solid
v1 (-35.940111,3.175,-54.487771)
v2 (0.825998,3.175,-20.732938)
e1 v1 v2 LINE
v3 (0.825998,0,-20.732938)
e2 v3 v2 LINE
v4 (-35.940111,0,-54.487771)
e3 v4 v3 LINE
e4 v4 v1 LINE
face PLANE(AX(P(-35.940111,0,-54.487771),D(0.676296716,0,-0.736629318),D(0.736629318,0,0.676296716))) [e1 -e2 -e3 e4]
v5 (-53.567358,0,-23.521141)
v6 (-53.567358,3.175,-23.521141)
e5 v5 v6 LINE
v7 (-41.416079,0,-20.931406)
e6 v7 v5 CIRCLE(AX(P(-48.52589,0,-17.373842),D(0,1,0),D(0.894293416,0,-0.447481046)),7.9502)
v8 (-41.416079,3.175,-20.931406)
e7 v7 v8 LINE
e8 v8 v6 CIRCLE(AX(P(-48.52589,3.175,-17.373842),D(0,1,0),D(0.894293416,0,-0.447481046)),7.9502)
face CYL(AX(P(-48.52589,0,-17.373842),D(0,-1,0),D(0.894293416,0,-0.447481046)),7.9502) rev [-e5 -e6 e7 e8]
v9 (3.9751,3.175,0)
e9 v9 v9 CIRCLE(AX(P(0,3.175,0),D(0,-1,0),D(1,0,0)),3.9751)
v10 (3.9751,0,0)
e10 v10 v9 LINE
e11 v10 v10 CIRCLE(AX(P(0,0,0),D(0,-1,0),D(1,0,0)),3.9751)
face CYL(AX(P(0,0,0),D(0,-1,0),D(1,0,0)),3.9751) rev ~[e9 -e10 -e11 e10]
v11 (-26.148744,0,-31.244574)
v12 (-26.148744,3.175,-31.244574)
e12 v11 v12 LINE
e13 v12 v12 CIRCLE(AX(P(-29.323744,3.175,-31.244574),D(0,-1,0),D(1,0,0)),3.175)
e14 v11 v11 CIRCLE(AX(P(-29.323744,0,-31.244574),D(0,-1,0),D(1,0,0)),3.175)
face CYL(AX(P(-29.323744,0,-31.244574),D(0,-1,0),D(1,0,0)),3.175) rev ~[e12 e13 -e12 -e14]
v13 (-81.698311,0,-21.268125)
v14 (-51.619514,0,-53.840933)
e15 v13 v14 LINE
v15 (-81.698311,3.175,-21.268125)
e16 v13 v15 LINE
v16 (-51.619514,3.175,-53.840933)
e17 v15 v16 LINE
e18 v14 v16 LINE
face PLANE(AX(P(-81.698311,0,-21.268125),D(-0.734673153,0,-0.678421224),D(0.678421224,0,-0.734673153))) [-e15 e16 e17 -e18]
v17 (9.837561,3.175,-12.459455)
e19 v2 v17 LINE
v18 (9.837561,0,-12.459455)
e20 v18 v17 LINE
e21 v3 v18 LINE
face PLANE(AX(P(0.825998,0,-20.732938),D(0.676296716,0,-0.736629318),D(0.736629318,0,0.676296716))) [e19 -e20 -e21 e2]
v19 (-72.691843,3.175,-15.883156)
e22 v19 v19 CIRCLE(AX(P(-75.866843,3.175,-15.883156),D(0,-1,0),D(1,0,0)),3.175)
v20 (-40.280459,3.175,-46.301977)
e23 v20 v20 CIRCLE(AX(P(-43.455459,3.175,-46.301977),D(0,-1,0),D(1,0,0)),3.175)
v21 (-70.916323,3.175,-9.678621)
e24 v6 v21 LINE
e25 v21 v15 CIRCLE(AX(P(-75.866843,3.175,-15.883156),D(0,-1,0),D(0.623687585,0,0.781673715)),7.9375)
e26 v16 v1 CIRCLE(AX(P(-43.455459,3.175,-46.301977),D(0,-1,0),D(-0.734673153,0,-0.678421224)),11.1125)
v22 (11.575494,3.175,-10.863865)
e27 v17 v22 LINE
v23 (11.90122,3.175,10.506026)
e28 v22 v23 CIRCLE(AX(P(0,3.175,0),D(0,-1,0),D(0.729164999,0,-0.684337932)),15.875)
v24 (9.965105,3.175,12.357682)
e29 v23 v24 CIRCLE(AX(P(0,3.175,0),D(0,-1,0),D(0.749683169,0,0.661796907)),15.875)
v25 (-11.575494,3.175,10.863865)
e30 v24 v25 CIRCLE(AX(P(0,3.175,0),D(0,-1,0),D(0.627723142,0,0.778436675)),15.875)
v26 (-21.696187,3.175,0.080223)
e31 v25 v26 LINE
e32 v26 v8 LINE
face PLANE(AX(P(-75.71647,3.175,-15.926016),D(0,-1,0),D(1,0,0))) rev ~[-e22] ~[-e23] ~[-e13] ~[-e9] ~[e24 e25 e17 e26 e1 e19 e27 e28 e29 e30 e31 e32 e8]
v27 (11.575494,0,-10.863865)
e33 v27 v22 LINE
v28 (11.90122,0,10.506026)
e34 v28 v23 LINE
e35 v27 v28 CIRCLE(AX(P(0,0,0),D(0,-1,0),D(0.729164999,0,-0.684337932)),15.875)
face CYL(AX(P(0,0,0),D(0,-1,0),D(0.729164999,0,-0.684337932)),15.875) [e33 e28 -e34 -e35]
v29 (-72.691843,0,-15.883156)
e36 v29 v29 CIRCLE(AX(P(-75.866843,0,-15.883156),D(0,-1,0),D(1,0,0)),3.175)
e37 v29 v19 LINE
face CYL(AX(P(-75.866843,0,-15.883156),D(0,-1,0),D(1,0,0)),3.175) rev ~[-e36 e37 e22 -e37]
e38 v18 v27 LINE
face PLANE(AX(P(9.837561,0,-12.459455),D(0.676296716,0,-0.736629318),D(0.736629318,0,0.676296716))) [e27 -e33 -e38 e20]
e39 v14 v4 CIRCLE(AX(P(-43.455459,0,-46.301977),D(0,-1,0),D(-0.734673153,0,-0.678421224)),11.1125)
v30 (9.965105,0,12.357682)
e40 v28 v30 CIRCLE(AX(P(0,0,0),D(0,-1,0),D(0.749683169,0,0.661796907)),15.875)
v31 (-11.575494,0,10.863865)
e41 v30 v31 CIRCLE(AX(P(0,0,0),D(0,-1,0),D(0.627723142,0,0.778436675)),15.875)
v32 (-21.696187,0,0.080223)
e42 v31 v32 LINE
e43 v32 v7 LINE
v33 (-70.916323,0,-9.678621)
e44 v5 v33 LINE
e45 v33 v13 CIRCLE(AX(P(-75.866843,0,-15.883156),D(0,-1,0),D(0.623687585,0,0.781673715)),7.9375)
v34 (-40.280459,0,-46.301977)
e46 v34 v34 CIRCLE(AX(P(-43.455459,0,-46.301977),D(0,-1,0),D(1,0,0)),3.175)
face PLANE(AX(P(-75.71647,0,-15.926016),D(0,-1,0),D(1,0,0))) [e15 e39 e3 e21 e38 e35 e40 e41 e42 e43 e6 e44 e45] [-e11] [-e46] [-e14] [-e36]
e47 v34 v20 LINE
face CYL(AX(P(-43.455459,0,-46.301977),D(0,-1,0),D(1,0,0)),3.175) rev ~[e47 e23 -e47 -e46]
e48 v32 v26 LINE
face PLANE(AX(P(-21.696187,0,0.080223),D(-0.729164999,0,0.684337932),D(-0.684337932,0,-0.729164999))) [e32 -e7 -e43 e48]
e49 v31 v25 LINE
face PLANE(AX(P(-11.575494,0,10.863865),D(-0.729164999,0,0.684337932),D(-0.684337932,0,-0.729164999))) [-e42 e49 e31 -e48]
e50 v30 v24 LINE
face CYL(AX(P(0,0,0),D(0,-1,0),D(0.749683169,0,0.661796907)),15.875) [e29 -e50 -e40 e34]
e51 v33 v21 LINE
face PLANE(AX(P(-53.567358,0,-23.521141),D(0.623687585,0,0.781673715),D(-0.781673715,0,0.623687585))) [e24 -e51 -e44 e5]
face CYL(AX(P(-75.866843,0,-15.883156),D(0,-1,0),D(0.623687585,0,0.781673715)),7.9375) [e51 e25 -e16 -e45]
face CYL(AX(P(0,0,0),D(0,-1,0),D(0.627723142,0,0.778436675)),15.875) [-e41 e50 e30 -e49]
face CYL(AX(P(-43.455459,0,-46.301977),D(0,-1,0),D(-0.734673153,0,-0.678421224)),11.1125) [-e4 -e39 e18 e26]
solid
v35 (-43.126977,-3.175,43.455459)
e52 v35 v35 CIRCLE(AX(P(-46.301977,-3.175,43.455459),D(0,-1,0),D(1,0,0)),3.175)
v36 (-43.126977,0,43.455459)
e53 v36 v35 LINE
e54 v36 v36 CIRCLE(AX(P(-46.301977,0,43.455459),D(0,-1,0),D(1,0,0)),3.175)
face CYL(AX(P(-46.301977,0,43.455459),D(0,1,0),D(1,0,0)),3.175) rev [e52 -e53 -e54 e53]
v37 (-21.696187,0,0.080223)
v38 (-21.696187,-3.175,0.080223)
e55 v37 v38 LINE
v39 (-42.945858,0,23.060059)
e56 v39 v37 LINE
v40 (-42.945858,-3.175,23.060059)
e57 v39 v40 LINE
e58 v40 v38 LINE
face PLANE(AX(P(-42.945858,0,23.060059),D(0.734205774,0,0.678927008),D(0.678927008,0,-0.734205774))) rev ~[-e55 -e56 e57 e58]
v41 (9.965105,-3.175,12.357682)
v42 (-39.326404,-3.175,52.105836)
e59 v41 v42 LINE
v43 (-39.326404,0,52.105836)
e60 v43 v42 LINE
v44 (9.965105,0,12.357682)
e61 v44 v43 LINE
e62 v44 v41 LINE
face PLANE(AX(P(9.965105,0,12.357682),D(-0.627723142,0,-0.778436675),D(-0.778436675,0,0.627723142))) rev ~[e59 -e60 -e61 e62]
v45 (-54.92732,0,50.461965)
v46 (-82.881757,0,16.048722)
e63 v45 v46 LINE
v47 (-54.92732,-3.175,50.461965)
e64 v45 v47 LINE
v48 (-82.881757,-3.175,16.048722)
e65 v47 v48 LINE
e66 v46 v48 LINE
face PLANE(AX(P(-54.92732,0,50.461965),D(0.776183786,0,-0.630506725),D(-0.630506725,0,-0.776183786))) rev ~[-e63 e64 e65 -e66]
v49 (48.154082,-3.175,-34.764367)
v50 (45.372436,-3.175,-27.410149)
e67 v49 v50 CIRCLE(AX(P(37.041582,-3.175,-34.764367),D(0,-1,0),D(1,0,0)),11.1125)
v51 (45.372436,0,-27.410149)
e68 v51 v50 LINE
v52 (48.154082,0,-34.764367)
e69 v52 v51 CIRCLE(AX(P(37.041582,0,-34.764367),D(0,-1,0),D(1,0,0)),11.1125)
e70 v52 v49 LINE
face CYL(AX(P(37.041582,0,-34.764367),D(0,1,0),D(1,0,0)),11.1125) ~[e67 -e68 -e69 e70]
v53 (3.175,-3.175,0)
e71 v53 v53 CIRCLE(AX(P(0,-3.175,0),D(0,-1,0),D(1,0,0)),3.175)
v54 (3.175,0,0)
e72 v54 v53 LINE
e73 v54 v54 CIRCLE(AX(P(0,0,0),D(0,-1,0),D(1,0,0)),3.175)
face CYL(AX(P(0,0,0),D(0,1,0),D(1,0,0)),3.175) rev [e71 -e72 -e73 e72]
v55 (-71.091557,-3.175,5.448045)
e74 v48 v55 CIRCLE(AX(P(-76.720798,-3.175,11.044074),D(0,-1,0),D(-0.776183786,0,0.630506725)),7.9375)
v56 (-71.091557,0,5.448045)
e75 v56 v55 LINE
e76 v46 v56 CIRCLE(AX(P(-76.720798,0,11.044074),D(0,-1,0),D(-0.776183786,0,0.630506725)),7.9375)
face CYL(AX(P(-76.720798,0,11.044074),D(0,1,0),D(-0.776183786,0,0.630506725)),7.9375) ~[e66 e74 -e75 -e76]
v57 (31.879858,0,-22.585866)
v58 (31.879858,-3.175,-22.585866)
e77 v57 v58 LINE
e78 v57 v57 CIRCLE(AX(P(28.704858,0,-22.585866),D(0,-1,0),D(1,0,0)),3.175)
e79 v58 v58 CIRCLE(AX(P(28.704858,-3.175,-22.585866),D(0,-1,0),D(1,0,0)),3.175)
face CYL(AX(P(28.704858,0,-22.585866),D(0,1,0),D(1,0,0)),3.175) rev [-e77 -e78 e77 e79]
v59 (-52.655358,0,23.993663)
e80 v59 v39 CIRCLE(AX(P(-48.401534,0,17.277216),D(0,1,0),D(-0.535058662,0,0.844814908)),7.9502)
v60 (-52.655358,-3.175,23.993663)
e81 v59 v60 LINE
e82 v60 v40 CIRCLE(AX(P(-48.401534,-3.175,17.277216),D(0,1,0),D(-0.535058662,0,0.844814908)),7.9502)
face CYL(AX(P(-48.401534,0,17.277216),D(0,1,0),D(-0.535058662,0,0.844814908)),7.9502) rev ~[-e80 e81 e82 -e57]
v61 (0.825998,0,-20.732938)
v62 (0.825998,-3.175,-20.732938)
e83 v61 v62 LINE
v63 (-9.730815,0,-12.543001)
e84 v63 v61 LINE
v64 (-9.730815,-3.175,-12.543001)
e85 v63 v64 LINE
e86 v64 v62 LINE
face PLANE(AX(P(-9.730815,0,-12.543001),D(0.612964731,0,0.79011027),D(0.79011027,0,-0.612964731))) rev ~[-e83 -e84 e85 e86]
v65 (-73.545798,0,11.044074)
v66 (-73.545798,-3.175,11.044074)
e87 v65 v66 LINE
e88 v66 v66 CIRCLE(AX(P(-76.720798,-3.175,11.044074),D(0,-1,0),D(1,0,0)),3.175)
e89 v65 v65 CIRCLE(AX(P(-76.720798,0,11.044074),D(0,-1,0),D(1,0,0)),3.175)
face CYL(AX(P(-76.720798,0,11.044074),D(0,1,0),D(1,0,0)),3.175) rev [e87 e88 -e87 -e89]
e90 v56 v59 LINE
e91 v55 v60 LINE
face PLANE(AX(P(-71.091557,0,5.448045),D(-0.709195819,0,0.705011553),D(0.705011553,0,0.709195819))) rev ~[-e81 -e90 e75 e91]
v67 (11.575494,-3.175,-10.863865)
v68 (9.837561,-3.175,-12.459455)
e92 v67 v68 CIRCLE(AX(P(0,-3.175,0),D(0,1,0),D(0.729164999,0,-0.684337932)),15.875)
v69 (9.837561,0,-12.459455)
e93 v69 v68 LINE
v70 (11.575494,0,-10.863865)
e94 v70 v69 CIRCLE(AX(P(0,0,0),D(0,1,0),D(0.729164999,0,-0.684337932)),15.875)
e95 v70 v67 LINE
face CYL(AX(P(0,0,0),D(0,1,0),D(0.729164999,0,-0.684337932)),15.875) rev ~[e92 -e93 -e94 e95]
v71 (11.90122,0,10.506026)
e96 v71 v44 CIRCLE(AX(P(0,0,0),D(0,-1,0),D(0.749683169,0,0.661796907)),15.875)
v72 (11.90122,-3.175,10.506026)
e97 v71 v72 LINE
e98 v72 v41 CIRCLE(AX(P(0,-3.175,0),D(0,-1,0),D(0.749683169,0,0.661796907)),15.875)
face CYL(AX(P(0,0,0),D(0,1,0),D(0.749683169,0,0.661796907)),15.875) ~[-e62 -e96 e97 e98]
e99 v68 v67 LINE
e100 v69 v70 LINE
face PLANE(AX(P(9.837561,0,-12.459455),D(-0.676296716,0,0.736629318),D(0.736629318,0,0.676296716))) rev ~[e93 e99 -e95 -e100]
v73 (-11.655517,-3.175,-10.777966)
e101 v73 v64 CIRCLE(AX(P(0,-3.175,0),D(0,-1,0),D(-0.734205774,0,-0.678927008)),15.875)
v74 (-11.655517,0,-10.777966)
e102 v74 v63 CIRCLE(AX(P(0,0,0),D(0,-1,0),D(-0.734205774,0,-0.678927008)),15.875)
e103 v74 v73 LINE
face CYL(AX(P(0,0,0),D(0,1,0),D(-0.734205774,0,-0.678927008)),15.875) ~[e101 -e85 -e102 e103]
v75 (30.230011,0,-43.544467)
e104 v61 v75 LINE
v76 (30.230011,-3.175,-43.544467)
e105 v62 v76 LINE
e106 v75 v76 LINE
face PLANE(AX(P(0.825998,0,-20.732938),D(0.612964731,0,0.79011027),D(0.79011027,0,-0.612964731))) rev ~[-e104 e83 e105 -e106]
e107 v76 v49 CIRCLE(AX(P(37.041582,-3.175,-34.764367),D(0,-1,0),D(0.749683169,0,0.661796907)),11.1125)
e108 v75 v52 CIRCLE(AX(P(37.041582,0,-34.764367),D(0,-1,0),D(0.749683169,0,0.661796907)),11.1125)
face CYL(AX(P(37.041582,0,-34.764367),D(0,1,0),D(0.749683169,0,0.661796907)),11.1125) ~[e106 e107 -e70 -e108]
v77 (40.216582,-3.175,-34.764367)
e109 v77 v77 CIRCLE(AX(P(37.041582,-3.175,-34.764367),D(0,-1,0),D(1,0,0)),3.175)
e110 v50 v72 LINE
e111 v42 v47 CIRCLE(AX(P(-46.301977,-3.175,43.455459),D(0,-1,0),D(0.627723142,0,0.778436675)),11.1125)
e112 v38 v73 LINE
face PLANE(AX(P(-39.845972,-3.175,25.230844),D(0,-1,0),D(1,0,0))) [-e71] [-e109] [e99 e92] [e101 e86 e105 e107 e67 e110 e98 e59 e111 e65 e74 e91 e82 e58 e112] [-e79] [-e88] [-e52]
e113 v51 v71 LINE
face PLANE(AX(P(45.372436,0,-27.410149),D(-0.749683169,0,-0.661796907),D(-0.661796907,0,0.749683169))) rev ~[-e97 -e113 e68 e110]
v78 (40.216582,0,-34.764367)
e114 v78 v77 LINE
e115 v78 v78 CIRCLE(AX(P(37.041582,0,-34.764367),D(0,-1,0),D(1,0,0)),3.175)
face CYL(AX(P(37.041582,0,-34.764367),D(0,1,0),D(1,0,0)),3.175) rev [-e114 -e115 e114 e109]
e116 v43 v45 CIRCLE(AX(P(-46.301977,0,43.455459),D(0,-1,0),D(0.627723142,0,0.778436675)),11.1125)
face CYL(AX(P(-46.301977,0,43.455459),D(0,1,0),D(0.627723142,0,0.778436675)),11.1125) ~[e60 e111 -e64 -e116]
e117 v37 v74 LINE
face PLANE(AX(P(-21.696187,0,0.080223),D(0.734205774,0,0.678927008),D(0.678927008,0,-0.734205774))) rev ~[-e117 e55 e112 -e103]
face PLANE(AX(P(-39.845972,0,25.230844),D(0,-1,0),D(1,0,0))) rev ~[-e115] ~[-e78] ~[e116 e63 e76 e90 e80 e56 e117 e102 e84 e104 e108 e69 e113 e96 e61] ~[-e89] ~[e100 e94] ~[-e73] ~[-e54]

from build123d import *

# Parameters (mm, degrees)
F0_R     = 3.175
F0_R_2   = 3.9751
F1_DEPTH = 3.175
F2_DEPTH = 3.175


with BuildPart() as f1:
    # F0 (on Front) → F1 (new body)
    with BuildSketch(Plane.XZ):
        with BuildLine():
            ThreePointArc((-11.5754943551, 10.8638646639), (-1.0982765069, 15.8369635257), (9.9651048792, 12.3576822158))
            Line((9.9651048792, 12.3576822158), (-39.326404005, 52.1058362066))
            ThreePointArc((-39.326404005, 52.1058362066), (-36.2769159286, 48.2498093243), (-35.1894774204, 43.4554586555))
            ThreePointArc((-35.1894774204, 43.4554586555), (-50.0194052734, 32.9831911642), (-54.9273197436, 50.4619646362))
            Line((-54.9273197436, 50.4619646362), (-82.8817572815, 16.0487215903))
            ThreePointArc((-82.8817572815, 16.0487215903), (-74.06549287, 18.5242655264), (-68.7832984793, 11.0440744612))
            ThreePointArc((-68.7832984793, 11.0440744612), (-69.3830190753, 8.0173766453), (-71.0915566635, 5.4480452592))
            Line((-71.0915566635, 5.4480452592), (-52.6553578675, 23.9936634898))
            ThreePointArc((-52.6553578675, 23.9936634898), (-47.6406028735, 25.190916986), (-42.9458580911, 23.0600591749))
            Line((-42.9458580911, 23.0600591749), (-21.6961869906, 0.0802232898))
            Line((-21.6961869906, 0.0802232898), (-11.5754943551, 10.8638646639))
        make_face()
        with BuildLine():
            ThreePointArc((-68.7832984793, 11.0440744612), (-74.06549287, 18.5242655264), (-82.8817572815, 16.0487215903))
            ThreePointArc((-82.8817572815, 16.0487215903), (-82.0278000251, 5.1415630599), (-71.0915566635, 5.4480452592))
            ThreePointArc((-71.0915566635, 5.4480452592), (-69.3830190753, 8.0173766453), (-68.7832984793, 11.0440744612))
        make_face()
        with Locations((-76.7207984793, 11.0440744612)):
            Circle(F0_R, mode=Mode.SUBTRACT)
        with BuildLine():
            ThreePointArc((-35.1894774204, 43.4554586555), (-36.2769159286, 48.2498093243), (-39.326404005, 52.1058362066))
            ThreePointArc((-39.326404005, 52.1058362066), (-47.4664570455, 54.5067772851), (-54.9273197436, 50.4619646362))
            ThreePointArc((-54.9273197436, 50.4619646362), (-50.0194052734, 32.9831911642), (-35.1894774204, 43.4554586555))
        make_face()
        with Locations((-46.3019774204, 43.4554586555)):
            Circle(F0_R, mode=Mode.SUBTRACT)
        with BuildLine():
            ThreePointArc((11.5754943551, -10.8638646639), (14.7610399005, -5.8418598114), (15.875, 0))
            ThreePointArc((15.875, 0), (14.8483584497, 5.6162154828), (11.9012203024, 10.5060259049))
            ThreePointArc((11.9012203024, 10.5060259049), (10.9722924683, 11.4727687587), (9.9651048792, 12.3576822158))
            ThreePointArc((9.9651048792, 12.3576822158), (-1.0982765069, 15.8369635257), (-11.5754943551, 10.8638646639))
            ThreePointArc((-11.5754943551, 10.8638646639), (-15.8748914791, 0.0586986101), (-11.6555166592, -10.7779662463))
            ThreePointArc((-11.6555166592, -10.7779662463), (-10.7295215713, -11.7001278562), (-9.7308151108, -12.5430005293))
            ThreePointArc((-9.7308151108, -12.5430005293), (0.0677764348, -15.8748553176), (9.8375611099, -12.4594549002))
            Line((9.8375611099, -12.4594549002), (11.5754943551, -10.8638646639))
        make_face()
        Circle(F0_R_2, mode=Mode.SUBTRACT)
        with BuildLine():
            ThreePointArc((11.9012203024, 10.5060259049), (14.8483584497, 5.6162154828), (15.875, 0))
            ThreePointArc((15.875, 0), (14.7610399005, -5.8418598114), (11.5754943551, -10.8638646639))
            ThreePointArc((11.5754943551, -10.8638646639), (10.7362103713, -11.6939904166), (9.8375611099, -12.4594549002))
            Line((9.8375611099, -12.4594549002), (0.8259979581, -20.7329384866))
            Line((0.8259979581, -20.7329384866), (30.2300113588, -43.5444672949))
            ThreePointArc((30.2300113588, -43.5444672949), (28.9387358878, -27.1596616597), (45.372436148, -27.410148791))
            Line((45.372436148, -27.410148791), (11.9012203024, 10.5060259049))
        make_face()
        with Locations((28.7048580711, -22.5858663362)):
            Circle(F0_R, mode=Mode.SUBTRACT)
        with BuildLine():
            ThreePointArc((-11.6555166592, -10.7779662463), (-15.8748914791, 0.0586986101), (-11.5754943551, 10.8638646639))
            Line((-11.5754943551, 10.8638646639), (-21.6961869906, 0.0802232898))
            Line((-21.6961869906, 0.0802232898), (-11.6555166592, -10.7779662463))
        make_face()
        with BuildLine():
            Line((0.8259979581, -20.7329384866), (9.8375611099, -12.4594549002))
            ThreePointArc((9.8375611099, -12.4594549002), (0.0677764348, -15.8748553176), (-9.7308151108, -12.5430005293))
            Line((-9.7308151108, -12.5430005293), (0.8259979581, -20.7329384866))
        make_face()
        with BuildLine():
            ThreePointArc((48.1540819363, -34.7643669244), (47.4354328511, -30.8330160864), (45.372436148, -27.410148791))
            ThreePointArc((45.372436148, -27.410148791), (28.9387358878, -27.1596616597), (30.2300113588, -43.5444672949))
            ThreePointArc((30.2300113588, -43.5444672949), (41.9300417248, -44.7438767894), (48.1540819363, -34.7643669244))
        make_face()
        with Locations((37.0415819363, -34.7643669244)):
            Circle(F0_R, mode=Mode.SUBTRACT)
        Circle(F0_R_2)
        Circle(F0_R, mode=Mode.SUBTRACT)
    extrude(amount=F1_DEPTH)


with BuildPart() as f2:
    # F0 (on Front) → F2 (new body)
    with BuildSketch(Plane.XZ):
        with BuildLine():
            ThreePointArc((-70.9163226468, -9.6786212484), (-81.6783113083, -10.4766102732), (-81.6983110042, -21.2681248307))
            ThreePointArc((-81.6983110042, -21.2681248307), (-72.9757679827, -23.275422074), (-67.9293428498, -15.8831563616))
            ThreePointArc((-67.9293428498, -15.8831563616), (-68.7149668595, -12.4401088642), (-70.9163226468, -9.6786212484))
        make_face()
        with Locations((-75.8668428498, -15.8831563616)):
            Circle(F0_R, mode=Mode.SUBTRACT)
        with BuildLine():
            Line((0.8259979581, -20.7329384866), (-9.7308151108, -12.5430005293))
            ThreePointArc((-9.7308151108, -12.5430005293), (-10.7295215713, -11.7001278562), (-11.6555166592, -10.7779662463))
            Line((-11.6555166592, -10.7779662463), (-21.6961869906, 0.0802232898))
            Line((-21.6961869906, 0.0802232898), (-41.4160788059, -20.9314059466))
            ThreePointArc((-41.4160788059, -20.9314059466), (-46.8687263303, -25.1494120561), (-53.5673584849, -23.5211406344))
            Line((-53.5673584849, -23.5211406344), (-70.9163226468, -9.6786212484))
            ThreePointArc((-70.9163226468, -9.6786212484), (-68.7149668595, -12.4401088642), (-67.9293428498, -15.8831563616))
            ThreePointArc((-67.9293428498, -15.8831563616), (-72.9757679827, -23.275422074), (-81.6983110042, -21.2681248307))
            Line((-81.6983110042, -21.2681248307), (-51.6195140717, -53.8409332772))
            ThreePointArc((-51.6195140717, -53.8409332772), (-47.5029634694, -35.952805423), (-32.3429586555, -46.3019774204))
            ThreePointArc((-32.3429586555, -46.3019774204), (-33.2819156965, -50.7726238963), (-35.9401113956, -54.487770712))
            Line((-35.9401113956, -54.487770712), (0.8259979581, -20.7329384866))
        make_face()
        with Locations((-29.3237435007, -31.2445743633)):
            Circle(F0_R, mode=Mode.SUBTRACT)
        with BuildLine():
            ThreePointArc((-51.6195140717, -53.8409332772), (-43.9135036694, -57.4050333518), (-35.9401113956, -54.487770712))
            ThreePointArc((-35.9401113956, -54.487770712), (-33.2819156965, -50.7726238963), (-32.3429586555, -46.3019774204))
            ThreePointArc((-32.3429586555, -46.3019774204), (-47.5029634694, -35.952805423), (-51.6195140717, -53.8409332772))
        make_face()
        with Locations((-43.4554586555, -46.3019774204)):
            Circle(F0_R, mode=Mode.SUBTRACT)
        with BuildLine():
            ThreePointArc((11.5754943551, -10.8638646639), (14.7610399005, -5.8418598114), (15.875, 0))
            ThreePointArc((15.875, 0), (14.8483584497, 5.6162154828), (11.9012203024, 10.5060259049))
            ThreePointArc((11.9012203024, 10.5060259049), (10.9722924683, 11.4727687587), (9.9651048792, 12.3576822158))
            ThreePointArc((9.9651048792, 12.3576822158), (-1.0982765069, 15.8369635257), (-11.5754943551, 10.8638646639))
            ThreePointArc((-11.5754943551, 10.8638646639), (-15.8748914791, 0.0586986101), (-11.6555166592, -10.7779662463))
            ThreePointArc((-11.6555166592, -10.7779662463), (-10.7295215713, -11.7001278562), (-9.7308151108, -12.5430005293))
            ThreePointArc((-9.7308151108, -12.5430005293), (0.0677764348, -15.8748553176), (9.8375611099, -12.4594549002))
            Line((9.8375611099, -12.4594549002), (11.5754943551, -10.8638646639))
        make_face()
        Circle(F0_R_2, mode=Mode.SUBTRACT)
        with BuildLine():
            ThreePointArc((-11.6555166592, -10.7779662463), (-15.8748914791, 0.0586986101), (-11.5754943551, 10.8638646639))
            Line((-11.5754943551, 10.8638646639), (-21.6961869906, 0.0802232898))
            Line((-21.6961869906, 0.0802232898), (-11.6555166592, -10.7779662463))
        make_face()
        with BuildLine():
            Line((0.8259979581, -20.7329384866), (9.8375611099, -12.4594549002))
            ThreePointArc((9.8375611099, -12.4594549002), (0.0677764348, -15.8748553176), (-9.7308151108, -12.5430005293))
            Line((-9.7308151108, -12.5430005293), (0.8259979581, -20.7329384866))
        make_face()
    extrude(amount=-F2_DEPTH)


solid = Compound([f1.part, f2.part])
